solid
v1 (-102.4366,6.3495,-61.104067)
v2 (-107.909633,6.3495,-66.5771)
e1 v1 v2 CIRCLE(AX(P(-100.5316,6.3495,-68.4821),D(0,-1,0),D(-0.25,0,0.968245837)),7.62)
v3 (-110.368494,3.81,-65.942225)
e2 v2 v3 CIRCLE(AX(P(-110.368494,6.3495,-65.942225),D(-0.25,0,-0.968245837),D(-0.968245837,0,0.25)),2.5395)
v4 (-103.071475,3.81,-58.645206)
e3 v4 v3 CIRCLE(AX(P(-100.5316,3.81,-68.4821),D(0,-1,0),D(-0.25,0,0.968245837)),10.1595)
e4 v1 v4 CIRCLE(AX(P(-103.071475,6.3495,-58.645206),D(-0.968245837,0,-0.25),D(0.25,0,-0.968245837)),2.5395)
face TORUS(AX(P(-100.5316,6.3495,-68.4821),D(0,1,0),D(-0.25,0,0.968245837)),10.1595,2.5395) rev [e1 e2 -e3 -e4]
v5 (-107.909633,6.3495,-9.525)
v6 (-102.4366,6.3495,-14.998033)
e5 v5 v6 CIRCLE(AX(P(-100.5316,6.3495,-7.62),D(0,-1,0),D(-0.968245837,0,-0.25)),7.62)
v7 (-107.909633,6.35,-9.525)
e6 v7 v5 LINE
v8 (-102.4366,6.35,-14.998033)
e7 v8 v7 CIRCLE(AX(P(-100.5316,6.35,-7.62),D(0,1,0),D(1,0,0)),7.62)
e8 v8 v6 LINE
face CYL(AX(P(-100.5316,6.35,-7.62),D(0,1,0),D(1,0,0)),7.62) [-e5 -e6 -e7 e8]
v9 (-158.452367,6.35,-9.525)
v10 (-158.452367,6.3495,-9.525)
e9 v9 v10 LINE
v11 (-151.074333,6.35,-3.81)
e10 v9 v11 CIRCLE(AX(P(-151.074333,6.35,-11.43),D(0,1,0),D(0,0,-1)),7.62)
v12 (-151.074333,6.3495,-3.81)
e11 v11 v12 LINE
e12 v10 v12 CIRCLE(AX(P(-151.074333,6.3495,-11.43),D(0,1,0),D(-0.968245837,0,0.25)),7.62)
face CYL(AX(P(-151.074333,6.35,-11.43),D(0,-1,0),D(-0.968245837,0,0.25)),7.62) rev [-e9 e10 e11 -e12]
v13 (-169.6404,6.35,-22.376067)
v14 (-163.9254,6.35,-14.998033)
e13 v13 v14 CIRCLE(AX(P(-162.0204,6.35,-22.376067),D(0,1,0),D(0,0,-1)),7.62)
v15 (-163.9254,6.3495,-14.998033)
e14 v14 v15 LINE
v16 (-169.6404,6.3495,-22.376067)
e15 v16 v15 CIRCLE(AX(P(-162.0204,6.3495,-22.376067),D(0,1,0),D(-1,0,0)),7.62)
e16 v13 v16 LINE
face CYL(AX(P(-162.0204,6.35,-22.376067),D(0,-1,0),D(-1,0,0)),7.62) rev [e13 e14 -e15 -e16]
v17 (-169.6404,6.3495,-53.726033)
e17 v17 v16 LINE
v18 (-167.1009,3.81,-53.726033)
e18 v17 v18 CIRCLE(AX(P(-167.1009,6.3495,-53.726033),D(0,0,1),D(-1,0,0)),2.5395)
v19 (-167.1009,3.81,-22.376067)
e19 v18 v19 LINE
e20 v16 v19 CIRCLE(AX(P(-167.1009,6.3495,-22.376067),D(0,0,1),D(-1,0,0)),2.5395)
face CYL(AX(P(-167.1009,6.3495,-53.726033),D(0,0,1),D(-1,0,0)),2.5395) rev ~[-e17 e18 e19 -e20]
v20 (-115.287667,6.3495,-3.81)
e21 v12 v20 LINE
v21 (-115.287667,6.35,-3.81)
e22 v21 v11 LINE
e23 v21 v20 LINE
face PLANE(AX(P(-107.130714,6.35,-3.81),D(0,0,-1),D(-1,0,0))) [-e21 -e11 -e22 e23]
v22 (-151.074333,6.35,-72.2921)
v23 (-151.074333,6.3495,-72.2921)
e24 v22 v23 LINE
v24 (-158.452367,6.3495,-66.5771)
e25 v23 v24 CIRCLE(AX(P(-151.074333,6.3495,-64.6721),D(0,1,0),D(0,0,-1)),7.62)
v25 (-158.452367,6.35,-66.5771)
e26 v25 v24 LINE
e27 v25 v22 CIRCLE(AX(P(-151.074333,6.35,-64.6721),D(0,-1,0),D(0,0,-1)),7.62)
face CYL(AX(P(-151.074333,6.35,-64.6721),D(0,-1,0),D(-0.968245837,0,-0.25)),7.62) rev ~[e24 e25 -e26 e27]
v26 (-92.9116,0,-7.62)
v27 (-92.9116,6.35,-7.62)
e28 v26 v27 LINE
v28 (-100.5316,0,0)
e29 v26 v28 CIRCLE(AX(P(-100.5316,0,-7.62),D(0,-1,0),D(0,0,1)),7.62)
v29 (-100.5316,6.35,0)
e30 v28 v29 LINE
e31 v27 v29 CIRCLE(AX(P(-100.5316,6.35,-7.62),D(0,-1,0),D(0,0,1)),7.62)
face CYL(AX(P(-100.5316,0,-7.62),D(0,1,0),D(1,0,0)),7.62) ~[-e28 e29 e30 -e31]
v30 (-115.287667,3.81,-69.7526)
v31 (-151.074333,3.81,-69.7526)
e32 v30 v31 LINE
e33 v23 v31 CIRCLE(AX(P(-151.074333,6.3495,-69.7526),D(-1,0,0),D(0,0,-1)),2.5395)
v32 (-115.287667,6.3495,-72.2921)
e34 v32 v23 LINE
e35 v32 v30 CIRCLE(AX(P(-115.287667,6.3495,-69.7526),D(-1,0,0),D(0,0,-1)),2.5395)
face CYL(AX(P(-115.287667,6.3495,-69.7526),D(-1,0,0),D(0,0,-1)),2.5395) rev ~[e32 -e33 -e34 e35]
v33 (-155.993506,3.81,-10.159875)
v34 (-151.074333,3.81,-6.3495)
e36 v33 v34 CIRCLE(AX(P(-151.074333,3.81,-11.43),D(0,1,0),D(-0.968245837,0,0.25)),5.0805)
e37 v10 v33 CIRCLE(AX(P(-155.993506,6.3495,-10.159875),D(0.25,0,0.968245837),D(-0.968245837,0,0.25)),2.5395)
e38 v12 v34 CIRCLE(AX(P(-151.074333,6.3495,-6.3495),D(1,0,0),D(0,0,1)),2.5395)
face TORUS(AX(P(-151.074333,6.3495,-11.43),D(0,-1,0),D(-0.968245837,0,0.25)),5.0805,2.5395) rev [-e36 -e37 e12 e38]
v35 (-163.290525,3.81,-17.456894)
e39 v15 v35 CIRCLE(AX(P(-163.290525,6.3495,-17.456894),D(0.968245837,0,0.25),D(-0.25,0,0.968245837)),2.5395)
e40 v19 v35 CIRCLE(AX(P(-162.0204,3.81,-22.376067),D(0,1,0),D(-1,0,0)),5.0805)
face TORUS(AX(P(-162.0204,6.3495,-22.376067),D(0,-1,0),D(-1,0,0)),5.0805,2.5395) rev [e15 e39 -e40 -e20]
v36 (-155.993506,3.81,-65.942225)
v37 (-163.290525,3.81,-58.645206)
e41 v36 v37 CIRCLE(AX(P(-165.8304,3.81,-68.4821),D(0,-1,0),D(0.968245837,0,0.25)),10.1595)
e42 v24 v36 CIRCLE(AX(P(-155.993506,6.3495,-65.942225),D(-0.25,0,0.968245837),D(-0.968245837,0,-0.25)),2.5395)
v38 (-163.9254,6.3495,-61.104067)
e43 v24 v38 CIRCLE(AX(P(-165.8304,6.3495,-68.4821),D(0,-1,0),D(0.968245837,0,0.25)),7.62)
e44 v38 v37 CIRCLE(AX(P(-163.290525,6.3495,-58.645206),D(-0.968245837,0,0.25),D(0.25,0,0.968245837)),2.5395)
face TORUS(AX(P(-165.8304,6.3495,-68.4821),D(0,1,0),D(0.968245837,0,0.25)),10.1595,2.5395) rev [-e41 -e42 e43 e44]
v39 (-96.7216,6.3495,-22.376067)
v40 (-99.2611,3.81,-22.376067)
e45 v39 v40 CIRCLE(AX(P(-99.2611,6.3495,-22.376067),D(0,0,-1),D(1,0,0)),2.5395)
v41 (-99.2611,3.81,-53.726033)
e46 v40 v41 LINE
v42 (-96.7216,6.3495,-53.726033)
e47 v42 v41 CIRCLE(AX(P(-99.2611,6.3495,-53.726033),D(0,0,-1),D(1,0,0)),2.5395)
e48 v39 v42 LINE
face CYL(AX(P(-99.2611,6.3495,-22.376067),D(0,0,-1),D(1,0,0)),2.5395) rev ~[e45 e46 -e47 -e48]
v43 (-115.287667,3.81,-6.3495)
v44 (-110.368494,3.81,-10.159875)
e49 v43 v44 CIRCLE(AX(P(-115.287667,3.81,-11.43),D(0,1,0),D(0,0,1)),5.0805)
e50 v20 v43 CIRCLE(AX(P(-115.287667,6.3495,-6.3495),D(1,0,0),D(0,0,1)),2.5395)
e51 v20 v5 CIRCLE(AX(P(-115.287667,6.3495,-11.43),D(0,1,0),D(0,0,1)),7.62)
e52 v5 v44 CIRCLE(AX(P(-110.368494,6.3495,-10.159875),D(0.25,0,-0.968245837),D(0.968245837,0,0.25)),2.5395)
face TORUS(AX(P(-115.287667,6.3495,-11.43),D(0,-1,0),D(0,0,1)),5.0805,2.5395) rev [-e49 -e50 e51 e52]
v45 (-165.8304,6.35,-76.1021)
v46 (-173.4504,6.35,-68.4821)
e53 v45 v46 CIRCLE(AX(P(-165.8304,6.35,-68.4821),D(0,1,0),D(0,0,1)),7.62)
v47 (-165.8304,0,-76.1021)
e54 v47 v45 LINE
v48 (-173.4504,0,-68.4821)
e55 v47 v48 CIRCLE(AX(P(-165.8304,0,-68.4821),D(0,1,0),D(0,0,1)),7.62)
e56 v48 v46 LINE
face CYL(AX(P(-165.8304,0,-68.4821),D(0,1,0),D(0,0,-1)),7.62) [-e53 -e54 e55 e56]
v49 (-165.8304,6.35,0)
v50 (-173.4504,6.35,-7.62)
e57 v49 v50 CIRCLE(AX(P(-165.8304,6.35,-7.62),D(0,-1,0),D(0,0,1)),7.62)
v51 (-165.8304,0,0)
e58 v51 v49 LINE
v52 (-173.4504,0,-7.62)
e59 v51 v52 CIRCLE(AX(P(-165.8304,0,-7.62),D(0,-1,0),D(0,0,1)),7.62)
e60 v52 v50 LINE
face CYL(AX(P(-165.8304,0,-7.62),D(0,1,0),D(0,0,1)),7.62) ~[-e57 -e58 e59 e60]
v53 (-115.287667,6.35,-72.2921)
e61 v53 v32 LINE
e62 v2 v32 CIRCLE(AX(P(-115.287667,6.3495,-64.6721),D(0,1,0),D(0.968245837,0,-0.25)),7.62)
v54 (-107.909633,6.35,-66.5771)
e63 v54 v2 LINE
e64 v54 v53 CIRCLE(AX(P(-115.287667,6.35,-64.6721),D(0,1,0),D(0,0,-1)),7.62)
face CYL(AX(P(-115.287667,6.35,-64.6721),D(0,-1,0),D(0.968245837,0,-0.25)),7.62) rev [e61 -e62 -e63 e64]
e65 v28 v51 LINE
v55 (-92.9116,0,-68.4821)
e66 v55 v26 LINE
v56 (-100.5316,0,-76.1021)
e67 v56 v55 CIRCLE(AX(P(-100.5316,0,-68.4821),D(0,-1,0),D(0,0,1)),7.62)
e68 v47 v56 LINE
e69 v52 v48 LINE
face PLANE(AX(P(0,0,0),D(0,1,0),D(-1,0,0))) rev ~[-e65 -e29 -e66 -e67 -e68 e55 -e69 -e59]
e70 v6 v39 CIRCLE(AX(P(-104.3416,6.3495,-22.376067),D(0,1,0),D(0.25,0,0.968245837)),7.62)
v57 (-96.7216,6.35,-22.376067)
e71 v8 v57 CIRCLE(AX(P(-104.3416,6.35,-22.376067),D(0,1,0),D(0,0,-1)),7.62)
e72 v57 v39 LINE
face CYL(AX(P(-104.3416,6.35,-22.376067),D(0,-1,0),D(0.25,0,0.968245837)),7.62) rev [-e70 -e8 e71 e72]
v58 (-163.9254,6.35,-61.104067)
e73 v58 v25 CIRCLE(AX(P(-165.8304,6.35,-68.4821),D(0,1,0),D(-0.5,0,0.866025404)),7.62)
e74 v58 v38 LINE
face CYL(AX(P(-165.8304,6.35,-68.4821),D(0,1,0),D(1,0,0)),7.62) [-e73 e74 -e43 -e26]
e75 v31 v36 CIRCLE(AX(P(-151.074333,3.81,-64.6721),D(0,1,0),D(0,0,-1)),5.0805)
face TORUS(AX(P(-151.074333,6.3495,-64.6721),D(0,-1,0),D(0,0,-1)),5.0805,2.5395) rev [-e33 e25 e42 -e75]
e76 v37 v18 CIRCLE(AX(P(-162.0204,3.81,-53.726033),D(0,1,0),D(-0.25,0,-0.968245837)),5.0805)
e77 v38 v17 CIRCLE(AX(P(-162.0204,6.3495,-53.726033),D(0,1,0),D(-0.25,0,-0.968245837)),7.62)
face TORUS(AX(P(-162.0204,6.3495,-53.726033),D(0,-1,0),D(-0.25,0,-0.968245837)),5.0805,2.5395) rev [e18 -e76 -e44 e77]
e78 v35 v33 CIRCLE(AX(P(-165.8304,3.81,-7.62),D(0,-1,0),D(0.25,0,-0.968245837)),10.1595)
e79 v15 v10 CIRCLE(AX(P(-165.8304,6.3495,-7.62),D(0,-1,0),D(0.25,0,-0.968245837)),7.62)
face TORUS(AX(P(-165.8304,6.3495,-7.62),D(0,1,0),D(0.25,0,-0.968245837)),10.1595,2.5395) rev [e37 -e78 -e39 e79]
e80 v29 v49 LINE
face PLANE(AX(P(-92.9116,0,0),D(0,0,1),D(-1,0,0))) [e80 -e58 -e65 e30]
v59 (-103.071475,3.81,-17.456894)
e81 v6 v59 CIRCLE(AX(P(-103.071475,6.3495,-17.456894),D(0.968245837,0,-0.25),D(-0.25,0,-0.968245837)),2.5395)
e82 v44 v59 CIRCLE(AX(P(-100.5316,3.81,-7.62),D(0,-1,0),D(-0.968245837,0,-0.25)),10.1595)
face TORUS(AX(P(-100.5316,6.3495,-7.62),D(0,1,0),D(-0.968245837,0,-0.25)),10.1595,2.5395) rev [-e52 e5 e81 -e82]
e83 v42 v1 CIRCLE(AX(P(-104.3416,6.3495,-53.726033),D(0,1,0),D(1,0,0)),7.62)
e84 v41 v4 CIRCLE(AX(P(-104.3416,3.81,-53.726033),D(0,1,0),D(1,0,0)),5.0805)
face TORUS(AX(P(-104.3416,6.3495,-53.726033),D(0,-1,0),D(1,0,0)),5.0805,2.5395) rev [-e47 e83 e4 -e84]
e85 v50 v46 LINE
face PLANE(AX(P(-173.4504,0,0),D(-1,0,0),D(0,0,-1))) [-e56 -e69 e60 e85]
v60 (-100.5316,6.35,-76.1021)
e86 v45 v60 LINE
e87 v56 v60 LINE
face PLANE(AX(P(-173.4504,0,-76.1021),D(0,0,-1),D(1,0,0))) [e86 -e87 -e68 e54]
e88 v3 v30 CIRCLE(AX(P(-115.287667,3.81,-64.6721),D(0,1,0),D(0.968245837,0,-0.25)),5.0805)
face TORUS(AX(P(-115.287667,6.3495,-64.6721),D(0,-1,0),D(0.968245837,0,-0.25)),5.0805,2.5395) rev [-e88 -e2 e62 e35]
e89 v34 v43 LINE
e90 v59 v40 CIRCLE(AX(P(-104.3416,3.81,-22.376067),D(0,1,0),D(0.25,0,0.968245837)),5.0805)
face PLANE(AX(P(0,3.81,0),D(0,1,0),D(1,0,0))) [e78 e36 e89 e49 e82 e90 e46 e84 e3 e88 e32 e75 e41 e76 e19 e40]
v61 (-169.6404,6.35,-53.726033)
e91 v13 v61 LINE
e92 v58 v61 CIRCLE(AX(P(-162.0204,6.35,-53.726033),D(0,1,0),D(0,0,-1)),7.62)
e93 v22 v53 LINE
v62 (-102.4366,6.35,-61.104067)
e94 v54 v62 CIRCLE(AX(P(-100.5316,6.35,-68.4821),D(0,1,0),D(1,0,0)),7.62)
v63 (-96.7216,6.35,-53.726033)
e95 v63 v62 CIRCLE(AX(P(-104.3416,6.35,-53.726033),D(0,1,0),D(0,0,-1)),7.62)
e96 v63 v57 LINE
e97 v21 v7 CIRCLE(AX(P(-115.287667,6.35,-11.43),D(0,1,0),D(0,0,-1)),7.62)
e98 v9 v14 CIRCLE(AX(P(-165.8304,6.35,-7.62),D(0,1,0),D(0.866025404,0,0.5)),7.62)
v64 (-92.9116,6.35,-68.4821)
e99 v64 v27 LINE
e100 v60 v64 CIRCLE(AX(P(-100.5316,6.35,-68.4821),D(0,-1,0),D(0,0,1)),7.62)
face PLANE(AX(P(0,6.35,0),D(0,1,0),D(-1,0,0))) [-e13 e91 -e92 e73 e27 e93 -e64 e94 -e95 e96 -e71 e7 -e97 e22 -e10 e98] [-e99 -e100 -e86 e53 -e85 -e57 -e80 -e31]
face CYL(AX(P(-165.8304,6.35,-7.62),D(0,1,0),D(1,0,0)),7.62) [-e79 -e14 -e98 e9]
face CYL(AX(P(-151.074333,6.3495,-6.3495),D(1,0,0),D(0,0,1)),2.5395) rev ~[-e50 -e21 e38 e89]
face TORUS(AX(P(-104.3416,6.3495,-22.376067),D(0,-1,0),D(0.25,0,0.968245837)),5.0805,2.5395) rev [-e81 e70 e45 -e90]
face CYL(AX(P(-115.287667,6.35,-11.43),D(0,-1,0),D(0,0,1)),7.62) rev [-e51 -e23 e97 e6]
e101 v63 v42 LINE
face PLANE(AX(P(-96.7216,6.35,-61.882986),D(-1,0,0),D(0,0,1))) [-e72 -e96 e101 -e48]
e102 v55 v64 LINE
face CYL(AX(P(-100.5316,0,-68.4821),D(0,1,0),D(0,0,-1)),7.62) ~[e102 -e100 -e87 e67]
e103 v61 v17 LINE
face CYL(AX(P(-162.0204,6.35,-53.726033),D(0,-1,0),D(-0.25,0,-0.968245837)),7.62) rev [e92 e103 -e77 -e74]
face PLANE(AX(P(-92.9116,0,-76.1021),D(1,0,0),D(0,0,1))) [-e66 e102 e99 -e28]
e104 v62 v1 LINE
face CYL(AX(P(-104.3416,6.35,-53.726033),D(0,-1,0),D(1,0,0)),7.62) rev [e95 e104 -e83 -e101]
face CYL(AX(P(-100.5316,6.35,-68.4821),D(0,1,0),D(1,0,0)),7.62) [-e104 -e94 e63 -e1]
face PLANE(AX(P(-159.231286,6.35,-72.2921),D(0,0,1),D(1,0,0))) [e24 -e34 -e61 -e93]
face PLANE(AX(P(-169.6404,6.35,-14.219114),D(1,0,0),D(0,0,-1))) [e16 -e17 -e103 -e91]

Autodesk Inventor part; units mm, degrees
ref_plane "YZ Plane" through (0, 0, 0) normal (1, 0, 0) x (0, 1, 0)
ref_plane "XZ Plane" through (0, 0, 0) normal (0, 1, 0) x (-1, 0, 0)
ref_plane "XY Plane" through (0, 0, 0) normal (0, 0, 1) x (1, 0, 0)
sketch "Sketch1" plane through (0, 0, 0) normal (0, 1, 0) x (-1, 0, 0)
  line L0 (173.4504, -76.1021) -> (92.9116, -76.1021)
  line L1 (92.9116, -76.1021) -> (92.9116, 0)
  line L2 (92.9116, 0) -> (173.4504, 0)
  line L3 (173.4504, 0) -> (173.4504, -76.1021)
  point P0 (0, 0)
extrude "Extrusion1" add sketch "Sketch1" along normal blind 6.35
fillet "Fillet1" radius 7.62 4 edges at (-173.4504, 3.175, 0) (-173.4504, 3.175, -76.1021) (-92.9116, 3.175, -76.1021) (-92.9116, 3.175, 0)
sketch "Sketch2" plane through (0, 6.35, 0) normal (0, 1, 0) x (1, 0, 0)
  arc A0 (-165.8304, 76.1021) -> (-173.4504, 68.4821) centre (-165.8304, 68.4821) ccw projected
  line L0 (-100.5316, 76.1021) -> (-165.8304, 76.1021) projected
  circle A1 centre (-165.8304, 68.4821) radius 7.62
  arc A2 (-173.4504, 7.62) -> (-165.8304, 0) centre (-165.8304, 7.62) ccw projected
  circle A3 centre (-165.8304, 7.62) radius 7.62
  arc A4 (-100.5316, 0) -> (-92.9116, 7.62) centre (-100.5316, 7.62) ccw projected
  circle A5 centre (-100.5316, 7.62) radius 7.62
  arc A6 (-92.9116, 68.4821) -> (-100.5316, 76.1021) centre (-100.5316, 68.4821) ccw projected
  circle A7 centre (-100.5316, 68.4821) radius 7.62
  line L1 (-169.6404, 72.2921) -> (-96.7216, 72.2921)
  line L2 (-96.7216, 72.2921) -> (-96.7216, 3.81)
  line L3 (-96.7216, 3.81) -> (-169.6404, 3.81)
  line L4 (-169.6404, 3.81) -> (-169.6404, 72.2921)
  line L5 (-173.4504, 68.4821) -> (-173.4504, 7.62) projected
  point P0 (0, 0)
  point P1 (-169.6404, 38.051)
  point P2 (-173.4504, 38.051)
  point P3 (-133.181, 72.2921)
  point P4 (-133.181, 76.1021)
  point P5 (-169.6404, 61.8829)
  point P6 (-169.6404, 14.2191)
  point P7 (-159.2312, 3.81)
  point P8 (-107.1307, 3.81)
  point P9 (-96.7216, 14.2191)
  point P10 (-96.7216, 61.8829)
  point P11 (-107.1307, 72.2921)
  point P12 (-159.2312, 72.2921)
  dimension "d3" = 3.81
  dimension "d4" = 3.81
extrude "Extrusion2" cut sketch "Sketch2" against normal blind 2.54 contours L1 A7 L2 A5 L3 A3 L4 A1
fillet "Fillet2" radius 7.62 8 edges at (-169.6404, 5.08, -14.2191) (-159.2312, 5.08, -3.81) (-169.6404, 5.08, -61.8829) (-159.2312, 5.08, -72.2921) (-107.1307, 5.08, -72.2921) (-96.7216, 5.08, -61.8829) (-96.7216, 5.08, -14.2191) (-107.1307, 5.08, -3.81)
fillet "Fillet3" radius 2.54 16 edges at (-155.7406, 3.81, -5.4059) (-160.4422, 3.81, -13.0082) (-168.0445, 3.81, -17.7098) (-169.6404, 3.81, -38.051) (-168.0445, 3.81, -58.3923) (-160.4422, 3.81, -63.0939) (-155.7406, 3.81, -70.6962) (-133.181, 3.81, -72.2921) (-110.6214, 3.81, -70.6962) (-105.9198, 3.81, -63.0939) (-98.3175, 3.81, -58.3923) (-96.7216, 3.81, -38.051) (-98.3175, 3.81, -17.7098) (-105.9198, 3.81, -13.0082) (-110.6214, 3.81, -5.4059) (-133.181, 3.81, -3.81)
equation "\"d4\" = d3"
properties part number "Machined Lid" material "Aluminum 6061"
